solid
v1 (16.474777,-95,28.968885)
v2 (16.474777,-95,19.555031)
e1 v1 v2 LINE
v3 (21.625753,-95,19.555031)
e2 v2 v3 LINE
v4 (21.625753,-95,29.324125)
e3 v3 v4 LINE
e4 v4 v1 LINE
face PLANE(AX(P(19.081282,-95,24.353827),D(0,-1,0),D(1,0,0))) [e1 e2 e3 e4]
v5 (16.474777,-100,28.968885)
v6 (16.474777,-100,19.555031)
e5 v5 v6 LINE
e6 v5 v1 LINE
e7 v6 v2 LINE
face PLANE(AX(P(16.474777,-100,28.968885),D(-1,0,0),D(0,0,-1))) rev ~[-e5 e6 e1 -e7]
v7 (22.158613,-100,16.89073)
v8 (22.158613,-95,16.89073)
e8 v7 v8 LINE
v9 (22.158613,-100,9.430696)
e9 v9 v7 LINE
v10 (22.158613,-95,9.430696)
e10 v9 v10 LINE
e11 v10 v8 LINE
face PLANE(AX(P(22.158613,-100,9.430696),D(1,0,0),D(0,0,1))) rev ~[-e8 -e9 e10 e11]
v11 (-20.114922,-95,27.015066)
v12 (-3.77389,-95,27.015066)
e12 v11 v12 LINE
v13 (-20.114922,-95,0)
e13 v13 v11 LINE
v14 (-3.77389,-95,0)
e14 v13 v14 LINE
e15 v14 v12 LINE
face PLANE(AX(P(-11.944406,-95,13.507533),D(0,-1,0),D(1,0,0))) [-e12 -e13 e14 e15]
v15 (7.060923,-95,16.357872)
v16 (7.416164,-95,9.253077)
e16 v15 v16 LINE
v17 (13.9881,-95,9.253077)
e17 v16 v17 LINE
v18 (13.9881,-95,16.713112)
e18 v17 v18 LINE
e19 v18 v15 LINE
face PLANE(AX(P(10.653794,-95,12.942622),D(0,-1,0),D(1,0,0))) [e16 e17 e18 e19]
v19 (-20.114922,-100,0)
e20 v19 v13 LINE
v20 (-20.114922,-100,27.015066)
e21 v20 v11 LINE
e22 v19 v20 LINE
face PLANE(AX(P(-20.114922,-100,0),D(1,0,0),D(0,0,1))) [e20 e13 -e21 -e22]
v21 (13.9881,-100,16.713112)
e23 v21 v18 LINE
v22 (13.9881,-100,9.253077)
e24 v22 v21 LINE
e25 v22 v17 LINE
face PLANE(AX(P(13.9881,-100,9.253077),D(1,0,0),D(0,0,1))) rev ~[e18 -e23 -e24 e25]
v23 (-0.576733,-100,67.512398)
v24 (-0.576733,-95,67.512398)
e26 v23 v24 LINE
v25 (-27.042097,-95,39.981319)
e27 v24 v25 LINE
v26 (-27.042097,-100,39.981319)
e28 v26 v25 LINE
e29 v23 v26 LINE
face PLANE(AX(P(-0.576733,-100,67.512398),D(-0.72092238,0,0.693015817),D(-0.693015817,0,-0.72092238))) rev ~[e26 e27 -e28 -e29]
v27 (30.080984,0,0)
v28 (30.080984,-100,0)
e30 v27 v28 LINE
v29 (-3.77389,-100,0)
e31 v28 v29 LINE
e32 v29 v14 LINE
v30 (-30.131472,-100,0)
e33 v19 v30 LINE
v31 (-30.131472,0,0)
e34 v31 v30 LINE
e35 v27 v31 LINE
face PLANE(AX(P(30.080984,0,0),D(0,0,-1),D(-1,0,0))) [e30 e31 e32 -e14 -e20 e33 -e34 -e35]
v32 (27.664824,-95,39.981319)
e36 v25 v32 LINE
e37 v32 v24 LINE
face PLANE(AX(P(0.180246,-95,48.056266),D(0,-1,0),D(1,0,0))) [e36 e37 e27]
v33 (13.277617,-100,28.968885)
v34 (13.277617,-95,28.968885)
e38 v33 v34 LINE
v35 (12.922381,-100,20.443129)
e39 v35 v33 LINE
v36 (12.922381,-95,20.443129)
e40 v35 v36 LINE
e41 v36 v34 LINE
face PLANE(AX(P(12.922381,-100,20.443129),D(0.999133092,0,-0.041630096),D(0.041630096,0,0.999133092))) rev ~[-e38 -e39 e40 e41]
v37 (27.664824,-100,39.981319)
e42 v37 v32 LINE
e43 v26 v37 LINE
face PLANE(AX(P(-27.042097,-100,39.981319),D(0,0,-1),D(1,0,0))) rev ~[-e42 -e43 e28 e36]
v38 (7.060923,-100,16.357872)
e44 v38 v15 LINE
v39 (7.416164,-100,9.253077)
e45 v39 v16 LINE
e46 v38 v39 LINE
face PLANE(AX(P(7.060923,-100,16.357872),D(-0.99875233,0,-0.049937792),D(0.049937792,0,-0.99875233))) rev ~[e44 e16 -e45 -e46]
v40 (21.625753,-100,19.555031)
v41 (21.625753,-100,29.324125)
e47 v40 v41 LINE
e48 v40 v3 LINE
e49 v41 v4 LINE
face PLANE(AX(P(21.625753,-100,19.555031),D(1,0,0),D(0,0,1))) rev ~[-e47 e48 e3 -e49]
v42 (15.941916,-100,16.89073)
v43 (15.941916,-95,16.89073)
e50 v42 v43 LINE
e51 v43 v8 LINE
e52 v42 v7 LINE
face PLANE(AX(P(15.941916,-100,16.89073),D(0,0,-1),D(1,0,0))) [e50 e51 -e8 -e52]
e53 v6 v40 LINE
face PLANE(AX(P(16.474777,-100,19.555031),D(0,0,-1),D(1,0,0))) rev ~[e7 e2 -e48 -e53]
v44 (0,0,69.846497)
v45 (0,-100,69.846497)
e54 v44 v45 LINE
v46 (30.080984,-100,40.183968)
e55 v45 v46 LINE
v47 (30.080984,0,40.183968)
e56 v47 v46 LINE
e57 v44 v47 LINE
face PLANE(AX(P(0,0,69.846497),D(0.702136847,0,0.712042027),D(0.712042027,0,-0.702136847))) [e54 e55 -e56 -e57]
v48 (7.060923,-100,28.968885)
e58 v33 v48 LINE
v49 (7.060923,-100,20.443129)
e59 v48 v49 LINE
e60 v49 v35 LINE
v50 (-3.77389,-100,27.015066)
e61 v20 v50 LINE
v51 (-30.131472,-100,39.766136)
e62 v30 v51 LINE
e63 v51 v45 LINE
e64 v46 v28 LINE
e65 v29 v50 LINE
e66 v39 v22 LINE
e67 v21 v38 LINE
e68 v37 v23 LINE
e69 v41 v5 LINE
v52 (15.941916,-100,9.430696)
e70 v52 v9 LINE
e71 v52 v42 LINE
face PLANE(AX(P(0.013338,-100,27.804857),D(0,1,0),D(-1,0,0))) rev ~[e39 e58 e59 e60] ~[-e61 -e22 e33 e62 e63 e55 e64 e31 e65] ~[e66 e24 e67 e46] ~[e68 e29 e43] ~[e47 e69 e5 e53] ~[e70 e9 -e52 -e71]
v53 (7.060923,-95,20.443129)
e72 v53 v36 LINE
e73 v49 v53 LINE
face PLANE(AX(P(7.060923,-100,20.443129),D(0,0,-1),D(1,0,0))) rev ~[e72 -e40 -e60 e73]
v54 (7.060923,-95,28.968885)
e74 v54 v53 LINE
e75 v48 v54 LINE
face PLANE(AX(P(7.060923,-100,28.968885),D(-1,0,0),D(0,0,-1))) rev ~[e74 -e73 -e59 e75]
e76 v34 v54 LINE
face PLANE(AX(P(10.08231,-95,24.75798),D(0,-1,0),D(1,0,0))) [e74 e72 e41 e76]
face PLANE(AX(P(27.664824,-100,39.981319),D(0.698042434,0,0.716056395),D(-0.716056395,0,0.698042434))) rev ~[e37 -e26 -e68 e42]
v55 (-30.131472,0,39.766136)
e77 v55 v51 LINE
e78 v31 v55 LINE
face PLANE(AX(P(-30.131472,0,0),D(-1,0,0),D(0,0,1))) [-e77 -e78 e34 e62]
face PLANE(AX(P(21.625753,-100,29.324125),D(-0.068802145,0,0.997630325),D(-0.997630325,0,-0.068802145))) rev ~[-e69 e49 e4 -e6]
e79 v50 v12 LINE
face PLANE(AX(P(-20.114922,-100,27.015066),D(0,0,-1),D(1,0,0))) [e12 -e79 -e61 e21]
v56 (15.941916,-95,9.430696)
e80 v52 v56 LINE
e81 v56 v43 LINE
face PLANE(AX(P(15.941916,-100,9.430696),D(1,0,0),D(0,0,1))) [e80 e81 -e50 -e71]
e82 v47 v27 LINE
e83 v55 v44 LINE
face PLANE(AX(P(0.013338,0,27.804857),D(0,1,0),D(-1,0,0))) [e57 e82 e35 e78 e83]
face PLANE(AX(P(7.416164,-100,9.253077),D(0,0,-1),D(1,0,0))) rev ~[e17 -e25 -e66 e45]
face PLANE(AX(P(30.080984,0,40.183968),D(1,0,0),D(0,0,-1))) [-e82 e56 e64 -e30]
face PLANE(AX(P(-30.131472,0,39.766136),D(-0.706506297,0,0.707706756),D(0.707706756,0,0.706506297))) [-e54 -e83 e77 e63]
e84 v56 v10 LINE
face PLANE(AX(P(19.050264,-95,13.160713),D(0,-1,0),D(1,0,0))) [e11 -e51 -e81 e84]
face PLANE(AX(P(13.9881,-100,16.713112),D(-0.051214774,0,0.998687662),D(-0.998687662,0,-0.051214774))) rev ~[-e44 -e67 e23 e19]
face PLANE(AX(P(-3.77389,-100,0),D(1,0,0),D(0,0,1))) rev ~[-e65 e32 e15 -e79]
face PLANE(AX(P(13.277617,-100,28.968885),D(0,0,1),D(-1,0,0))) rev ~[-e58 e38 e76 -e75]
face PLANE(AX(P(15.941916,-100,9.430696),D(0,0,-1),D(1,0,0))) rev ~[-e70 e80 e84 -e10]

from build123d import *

# Parameters (mm, degrees)
PAD_DEPTH     = 100
SKETCH002_W   = 16.341032
SKETCH002_H   = 27.015066
SKETCH002_W_2 = 6.216697
SKETCH002_H_2 = 7.460034
POCKET_DEPTH  = 5


with BuildPart() as part:
    # Sketch → Pad (new body)
    with BuildSketch(Plane.XZ):
        Polygon((-30.131472, 0), (-30.131472, 39.766136), (0, 69.846497), (30.080984, 40.183968), (30.080984, 0), align=None)
    extrude(amount=PAD_DEPTH)

    # Sketch002 (on Face7 of Pad) → Pocket (cut)
    with BuildSketch(Plane.XZ.offset(100)):
        with Locations((-11.944406, 13.507533)):
            Rectangle(SKETCH002_W, SKETCH002_H)
        Polygon((-27.042097, 39.981319), (27.664824, 39.981319), (-0.576733, 67.512398), align=None)
        Polygon((7.060923, 28.968885), (7.060923, 20.443129), (12.922381, 20.443129), (13.277617, 28.968885), align=None)
        Polygon((16.474777, 28.968885), (16.474777, 19.555031), (21.625753, 19.555031), (21.625753, 29.324125), align=None)
        Polygon((7.060923, 16.357872), (7.416164, 9.253077), (13.9881, 9.253077), (13.9881, 16.713112), align=None)
        with Locations((19.050264, 13.160713)):
            Rectangle(SKETCH002_W_2, SKETCH002_H_2)
    extrude(amount=-POCKET_DEPTH, mode=Mode.SUBTRACT)


solid = part.part
